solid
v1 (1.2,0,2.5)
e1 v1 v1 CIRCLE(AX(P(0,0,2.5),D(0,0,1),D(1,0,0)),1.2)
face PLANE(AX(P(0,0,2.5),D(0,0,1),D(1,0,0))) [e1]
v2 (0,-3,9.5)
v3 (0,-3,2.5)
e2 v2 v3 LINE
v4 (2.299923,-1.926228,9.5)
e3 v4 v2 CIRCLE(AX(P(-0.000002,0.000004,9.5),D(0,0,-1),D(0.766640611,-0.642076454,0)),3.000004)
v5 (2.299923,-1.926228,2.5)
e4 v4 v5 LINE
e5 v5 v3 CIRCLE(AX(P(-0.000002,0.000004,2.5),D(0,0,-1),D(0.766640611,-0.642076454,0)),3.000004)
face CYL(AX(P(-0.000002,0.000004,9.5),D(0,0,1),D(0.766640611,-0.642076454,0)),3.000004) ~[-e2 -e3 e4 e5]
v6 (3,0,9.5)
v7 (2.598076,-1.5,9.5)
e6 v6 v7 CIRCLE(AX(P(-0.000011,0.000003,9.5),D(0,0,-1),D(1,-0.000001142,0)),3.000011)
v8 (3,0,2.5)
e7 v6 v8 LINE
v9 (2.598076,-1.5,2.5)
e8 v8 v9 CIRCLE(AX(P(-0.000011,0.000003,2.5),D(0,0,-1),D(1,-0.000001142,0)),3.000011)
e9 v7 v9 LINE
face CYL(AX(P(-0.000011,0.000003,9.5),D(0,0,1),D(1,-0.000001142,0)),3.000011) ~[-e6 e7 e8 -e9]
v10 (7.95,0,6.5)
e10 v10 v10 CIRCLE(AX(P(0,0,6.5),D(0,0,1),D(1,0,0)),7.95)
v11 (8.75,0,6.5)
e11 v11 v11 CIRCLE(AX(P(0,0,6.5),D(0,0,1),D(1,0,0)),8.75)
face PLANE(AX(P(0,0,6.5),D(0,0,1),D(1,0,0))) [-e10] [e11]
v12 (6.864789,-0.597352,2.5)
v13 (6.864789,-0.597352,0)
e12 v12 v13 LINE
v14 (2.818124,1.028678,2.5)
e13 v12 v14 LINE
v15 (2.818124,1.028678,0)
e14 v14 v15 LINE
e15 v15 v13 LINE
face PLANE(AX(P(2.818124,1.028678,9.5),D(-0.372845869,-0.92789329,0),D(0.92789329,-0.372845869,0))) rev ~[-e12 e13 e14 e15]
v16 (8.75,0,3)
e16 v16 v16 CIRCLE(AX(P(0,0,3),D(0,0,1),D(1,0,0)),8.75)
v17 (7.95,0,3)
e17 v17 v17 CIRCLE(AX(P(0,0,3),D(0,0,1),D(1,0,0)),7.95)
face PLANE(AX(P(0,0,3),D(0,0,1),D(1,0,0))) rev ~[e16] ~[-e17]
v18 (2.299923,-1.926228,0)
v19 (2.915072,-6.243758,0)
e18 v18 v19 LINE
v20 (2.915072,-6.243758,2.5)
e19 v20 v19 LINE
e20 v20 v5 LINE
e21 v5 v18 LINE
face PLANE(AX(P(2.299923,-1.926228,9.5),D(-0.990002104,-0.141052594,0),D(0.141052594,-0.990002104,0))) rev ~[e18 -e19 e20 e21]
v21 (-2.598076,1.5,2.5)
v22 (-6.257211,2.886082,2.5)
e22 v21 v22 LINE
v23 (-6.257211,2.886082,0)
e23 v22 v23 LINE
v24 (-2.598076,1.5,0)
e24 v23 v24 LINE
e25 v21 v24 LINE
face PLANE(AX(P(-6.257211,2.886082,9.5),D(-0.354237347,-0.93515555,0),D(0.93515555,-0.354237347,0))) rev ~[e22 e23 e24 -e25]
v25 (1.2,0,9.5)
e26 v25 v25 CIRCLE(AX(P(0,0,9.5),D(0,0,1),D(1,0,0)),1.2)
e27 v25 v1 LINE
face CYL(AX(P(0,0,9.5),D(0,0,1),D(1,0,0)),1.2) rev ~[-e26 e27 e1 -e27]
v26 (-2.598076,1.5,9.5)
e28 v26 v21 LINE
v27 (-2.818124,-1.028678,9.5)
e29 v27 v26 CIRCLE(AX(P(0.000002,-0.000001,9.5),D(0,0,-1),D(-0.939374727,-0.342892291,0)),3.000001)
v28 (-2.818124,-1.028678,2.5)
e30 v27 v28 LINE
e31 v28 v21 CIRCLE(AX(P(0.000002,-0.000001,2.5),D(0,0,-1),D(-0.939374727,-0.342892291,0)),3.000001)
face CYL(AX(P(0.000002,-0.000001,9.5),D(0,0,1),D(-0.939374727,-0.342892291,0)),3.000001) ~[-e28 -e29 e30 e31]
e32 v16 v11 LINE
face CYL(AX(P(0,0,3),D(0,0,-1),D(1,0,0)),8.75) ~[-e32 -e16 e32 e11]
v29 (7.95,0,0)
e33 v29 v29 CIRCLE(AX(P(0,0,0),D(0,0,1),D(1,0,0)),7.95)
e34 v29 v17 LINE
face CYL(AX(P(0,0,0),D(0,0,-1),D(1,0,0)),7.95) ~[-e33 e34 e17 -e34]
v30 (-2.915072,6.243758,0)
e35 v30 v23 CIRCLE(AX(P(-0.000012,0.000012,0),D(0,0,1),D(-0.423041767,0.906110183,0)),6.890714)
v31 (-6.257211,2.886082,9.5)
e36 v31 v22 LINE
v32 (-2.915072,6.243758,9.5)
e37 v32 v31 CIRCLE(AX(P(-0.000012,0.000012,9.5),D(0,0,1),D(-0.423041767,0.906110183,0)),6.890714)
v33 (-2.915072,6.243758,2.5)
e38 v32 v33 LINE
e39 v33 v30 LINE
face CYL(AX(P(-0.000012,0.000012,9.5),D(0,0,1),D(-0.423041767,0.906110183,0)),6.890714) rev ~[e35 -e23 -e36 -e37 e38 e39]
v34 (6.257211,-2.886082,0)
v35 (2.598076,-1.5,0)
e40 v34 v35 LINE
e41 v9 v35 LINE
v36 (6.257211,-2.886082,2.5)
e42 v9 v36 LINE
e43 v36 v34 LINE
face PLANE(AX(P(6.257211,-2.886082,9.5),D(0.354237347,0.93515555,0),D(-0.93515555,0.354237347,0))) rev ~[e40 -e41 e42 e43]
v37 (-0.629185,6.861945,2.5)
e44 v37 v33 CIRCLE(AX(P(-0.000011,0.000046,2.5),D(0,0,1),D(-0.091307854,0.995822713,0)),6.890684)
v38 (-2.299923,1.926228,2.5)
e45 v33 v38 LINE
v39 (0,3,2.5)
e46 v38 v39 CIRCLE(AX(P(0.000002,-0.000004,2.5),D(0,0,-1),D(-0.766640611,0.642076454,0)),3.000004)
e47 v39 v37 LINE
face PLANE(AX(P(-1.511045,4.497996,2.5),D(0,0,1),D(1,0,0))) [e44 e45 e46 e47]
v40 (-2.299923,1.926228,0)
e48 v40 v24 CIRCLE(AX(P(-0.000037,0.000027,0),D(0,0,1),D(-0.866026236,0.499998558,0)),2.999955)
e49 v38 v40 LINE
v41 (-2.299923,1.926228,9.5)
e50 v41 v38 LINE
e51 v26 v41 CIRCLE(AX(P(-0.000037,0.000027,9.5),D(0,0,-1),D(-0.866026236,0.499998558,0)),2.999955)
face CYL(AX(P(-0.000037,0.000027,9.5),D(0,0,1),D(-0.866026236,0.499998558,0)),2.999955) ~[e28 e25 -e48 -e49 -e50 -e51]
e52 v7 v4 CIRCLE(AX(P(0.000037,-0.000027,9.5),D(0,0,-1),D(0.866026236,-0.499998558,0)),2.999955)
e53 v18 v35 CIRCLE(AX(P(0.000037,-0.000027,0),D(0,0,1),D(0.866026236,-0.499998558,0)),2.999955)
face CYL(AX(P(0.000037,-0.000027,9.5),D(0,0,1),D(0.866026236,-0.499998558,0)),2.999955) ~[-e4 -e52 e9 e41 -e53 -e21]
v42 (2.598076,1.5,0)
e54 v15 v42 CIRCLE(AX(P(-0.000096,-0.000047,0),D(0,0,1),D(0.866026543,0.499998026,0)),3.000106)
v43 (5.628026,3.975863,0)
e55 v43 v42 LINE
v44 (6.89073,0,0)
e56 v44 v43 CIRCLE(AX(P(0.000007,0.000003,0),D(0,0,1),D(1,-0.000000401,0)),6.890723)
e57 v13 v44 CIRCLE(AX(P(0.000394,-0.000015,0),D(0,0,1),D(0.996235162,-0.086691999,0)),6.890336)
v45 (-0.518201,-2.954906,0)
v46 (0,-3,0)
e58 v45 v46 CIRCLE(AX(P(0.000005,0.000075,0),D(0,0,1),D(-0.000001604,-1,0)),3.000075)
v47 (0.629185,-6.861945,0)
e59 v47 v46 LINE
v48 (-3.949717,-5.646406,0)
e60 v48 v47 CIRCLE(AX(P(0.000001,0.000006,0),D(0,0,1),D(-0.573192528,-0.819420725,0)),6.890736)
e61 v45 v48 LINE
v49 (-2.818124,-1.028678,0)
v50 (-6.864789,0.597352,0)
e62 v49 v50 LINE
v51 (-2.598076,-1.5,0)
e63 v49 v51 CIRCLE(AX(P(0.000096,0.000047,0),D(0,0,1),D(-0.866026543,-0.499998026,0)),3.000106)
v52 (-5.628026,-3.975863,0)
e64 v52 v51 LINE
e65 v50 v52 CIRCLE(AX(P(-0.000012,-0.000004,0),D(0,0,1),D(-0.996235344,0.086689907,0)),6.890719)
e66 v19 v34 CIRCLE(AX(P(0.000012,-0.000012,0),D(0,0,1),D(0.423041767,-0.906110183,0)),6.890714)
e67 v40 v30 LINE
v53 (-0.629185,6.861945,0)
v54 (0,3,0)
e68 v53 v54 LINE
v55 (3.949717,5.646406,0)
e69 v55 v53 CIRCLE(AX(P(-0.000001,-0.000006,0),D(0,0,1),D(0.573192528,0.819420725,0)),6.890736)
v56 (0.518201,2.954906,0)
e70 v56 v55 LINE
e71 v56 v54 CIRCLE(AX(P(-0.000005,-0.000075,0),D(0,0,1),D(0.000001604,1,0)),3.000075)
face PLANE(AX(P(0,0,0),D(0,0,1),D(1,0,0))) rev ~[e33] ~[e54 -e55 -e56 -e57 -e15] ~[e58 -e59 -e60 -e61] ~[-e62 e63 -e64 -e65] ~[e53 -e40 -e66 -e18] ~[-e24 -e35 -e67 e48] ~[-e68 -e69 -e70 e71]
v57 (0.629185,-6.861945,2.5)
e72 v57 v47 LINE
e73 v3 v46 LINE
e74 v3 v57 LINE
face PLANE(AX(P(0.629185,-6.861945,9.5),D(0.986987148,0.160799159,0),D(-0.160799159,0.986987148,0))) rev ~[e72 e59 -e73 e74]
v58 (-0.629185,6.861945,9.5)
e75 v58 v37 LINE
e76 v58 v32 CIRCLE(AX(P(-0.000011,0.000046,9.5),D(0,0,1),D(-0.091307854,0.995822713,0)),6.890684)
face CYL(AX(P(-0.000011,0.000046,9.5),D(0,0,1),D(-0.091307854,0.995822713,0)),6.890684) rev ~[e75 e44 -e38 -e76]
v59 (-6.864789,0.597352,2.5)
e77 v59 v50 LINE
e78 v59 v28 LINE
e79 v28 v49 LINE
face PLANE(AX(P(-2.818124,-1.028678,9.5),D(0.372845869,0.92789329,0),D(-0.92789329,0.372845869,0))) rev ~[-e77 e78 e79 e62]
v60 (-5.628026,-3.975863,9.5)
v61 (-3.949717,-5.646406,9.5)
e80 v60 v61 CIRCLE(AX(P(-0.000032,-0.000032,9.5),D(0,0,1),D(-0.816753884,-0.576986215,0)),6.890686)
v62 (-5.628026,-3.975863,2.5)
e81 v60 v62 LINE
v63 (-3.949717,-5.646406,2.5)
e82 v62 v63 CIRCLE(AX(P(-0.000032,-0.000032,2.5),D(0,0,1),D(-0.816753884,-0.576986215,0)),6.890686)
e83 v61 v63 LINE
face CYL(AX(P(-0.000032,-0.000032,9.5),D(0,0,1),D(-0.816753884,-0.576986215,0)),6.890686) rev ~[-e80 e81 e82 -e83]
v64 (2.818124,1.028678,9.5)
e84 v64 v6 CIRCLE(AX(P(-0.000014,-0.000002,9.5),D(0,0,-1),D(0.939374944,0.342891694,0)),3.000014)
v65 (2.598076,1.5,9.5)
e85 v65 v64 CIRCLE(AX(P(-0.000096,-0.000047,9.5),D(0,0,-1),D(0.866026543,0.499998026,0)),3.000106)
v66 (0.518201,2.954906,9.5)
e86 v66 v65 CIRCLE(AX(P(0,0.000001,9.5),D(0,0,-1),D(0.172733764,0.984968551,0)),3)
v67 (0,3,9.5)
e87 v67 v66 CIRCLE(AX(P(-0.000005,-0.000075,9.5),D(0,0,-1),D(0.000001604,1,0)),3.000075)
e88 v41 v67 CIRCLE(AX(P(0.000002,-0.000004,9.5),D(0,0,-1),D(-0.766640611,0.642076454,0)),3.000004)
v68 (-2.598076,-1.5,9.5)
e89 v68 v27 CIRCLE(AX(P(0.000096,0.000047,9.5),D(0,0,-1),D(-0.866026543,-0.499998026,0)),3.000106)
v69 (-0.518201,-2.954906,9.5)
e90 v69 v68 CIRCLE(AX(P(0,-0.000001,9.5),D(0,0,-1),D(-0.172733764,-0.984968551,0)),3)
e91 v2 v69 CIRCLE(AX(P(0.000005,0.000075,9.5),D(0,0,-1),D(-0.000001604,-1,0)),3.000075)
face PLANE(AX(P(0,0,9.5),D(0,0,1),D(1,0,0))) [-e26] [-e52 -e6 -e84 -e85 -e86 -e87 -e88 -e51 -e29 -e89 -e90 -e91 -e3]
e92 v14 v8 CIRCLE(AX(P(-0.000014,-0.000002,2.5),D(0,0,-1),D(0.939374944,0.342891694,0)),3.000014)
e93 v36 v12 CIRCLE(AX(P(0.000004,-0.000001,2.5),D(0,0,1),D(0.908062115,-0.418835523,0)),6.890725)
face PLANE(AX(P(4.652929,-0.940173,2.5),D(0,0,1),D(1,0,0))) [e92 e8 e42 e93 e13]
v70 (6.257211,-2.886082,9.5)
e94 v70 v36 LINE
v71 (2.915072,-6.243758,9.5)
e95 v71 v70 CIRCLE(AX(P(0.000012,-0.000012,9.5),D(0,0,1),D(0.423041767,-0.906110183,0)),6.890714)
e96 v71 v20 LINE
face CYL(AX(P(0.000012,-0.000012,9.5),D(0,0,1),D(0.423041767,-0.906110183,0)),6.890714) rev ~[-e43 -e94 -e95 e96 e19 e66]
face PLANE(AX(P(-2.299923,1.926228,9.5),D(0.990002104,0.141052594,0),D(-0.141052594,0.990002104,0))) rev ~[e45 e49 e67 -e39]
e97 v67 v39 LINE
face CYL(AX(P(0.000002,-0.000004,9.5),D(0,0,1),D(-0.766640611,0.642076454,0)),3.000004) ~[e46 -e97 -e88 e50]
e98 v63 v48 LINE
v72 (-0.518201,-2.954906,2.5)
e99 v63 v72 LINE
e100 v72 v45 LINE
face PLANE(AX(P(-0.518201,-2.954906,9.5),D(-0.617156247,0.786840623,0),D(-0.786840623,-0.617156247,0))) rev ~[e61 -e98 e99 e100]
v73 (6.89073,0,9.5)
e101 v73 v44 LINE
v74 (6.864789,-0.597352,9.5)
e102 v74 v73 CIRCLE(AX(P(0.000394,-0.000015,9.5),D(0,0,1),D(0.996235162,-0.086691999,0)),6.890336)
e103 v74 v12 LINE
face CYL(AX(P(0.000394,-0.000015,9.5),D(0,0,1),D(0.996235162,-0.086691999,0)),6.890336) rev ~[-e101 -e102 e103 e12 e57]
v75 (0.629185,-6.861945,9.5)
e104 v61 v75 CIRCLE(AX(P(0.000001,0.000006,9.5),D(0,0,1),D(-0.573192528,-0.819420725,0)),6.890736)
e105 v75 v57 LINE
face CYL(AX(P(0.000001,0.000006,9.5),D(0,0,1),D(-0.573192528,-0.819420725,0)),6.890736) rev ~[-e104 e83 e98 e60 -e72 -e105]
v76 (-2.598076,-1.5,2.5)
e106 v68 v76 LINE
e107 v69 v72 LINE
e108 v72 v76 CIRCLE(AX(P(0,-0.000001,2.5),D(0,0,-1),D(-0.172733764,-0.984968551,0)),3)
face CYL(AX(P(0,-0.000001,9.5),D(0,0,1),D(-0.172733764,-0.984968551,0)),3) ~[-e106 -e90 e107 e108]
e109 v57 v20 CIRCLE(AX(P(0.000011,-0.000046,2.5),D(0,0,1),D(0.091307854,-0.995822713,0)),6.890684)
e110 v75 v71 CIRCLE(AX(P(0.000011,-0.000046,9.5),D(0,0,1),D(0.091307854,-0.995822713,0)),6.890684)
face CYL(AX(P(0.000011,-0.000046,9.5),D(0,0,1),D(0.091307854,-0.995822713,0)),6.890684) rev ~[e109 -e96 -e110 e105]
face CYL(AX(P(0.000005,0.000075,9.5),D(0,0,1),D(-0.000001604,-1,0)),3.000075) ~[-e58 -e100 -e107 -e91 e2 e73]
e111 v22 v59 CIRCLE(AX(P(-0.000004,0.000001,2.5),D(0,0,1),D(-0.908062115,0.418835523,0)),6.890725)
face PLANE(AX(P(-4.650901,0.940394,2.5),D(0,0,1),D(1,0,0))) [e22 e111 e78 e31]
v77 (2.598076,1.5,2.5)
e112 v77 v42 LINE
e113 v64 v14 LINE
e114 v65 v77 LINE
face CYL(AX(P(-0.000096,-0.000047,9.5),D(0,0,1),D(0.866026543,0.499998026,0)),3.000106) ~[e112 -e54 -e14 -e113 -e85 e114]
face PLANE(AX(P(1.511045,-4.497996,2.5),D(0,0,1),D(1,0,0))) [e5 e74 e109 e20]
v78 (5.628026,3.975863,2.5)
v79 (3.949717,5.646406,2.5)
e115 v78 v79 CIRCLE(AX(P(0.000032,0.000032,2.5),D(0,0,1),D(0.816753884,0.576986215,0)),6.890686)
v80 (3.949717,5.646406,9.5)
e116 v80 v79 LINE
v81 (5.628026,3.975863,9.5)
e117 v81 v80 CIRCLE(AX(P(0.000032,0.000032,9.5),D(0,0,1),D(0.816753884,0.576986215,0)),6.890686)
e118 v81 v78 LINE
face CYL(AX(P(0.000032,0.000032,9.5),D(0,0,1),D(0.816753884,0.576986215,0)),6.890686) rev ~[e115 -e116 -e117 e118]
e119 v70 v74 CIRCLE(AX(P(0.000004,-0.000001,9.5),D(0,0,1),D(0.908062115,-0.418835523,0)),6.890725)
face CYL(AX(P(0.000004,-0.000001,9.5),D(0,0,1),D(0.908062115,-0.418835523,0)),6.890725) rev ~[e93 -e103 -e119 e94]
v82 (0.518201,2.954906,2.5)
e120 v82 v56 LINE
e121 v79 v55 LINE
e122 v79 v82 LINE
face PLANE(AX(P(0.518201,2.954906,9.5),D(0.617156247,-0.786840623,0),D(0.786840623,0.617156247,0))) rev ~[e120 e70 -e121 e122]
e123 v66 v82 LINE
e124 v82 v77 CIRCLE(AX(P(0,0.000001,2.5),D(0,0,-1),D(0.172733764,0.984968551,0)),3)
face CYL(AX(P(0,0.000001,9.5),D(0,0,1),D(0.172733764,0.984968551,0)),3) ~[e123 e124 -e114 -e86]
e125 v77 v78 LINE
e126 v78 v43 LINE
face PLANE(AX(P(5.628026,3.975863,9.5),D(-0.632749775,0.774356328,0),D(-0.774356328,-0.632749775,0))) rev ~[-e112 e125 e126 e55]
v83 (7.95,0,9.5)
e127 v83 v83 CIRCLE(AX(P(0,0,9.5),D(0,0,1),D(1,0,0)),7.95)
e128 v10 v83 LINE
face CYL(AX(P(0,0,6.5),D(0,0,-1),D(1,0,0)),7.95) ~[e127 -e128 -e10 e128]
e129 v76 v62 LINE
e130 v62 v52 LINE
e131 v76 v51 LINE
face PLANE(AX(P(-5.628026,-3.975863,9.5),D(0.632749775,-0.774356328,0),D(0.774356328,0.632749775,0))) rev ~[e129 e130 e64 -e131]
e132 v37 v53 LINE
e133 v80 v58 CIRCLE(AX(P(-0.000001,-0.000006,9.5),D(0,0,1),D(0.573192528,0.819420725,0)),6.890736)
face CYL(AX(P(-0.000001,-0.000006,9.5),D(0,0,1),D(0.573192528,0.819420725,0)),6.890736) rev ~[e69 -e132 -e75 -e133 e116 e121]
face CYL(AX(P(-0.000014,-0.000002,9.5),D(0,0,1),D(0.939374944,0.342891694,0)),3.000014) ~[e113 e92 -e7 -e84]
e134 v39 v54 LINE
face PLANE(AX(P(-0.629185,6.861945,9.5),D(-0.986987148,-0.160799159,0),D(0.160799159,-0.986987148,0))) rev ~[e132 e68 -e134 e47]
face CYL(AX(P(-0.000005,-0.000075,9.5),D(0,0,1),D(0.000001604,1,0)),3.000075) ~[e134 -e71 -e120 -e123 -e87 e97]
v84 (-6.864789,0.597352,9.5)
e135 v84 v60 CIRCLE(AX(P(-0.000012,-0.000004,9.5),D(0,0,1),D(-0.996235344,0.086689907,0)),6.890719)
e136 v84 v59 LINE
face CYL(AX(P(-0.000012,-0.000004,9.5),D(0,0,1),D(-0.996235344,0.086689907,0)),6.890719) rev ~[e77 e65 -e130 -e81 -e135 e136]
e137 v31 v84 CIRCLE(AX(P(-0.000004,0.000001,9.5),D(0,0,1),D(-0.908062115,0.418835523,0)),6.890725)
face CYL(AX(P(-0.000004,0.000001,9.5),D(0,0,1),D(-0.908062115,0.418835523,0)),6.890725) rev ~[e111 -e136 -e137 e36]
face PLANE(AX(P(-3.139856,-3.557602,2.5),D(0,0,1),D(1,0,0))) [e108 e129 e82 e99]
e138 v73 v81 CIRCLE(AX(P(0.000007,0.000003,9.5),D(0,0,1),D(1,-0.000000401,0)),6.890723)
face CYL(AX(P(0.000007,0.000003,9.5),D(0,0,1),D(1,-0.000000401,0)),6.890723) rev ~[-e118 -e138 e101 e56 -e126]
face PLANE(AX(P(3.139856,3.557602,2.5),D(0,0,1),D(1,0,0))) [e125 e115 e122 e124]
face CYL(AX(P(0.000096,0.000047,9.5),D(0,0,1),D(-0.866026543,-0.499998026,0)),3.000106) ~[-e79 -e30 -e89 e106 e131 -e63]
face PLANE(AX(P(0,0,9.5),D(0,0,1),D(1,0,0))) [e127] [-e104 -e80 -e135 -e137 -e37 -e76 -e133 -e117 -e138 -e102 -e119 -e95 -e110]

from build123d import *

# Parameters (mm, degrees)
F0_R     = 7.95
F1_DEPTH = 3
F2_R     = 8.75
F3_DEPTH = 3.5
F4_R     = 7.95
F5_DEPTH = 3
F7_DEPTH = 25
F6_R     = 1.2
F8_DEPTH = 7


with BuildPart() as f1:
    # F0 (on Top) → F1 (new body)
    with BuildSketch(Plane.XY):
        Circle(F0_R)
    extrude(amount=F1_DEPTH)

    # F2 (on face) → F3 (join)
    with BuildSketch(Plane.XY.offset(3)):
        Circle(F2_R)
    extrude(amount=F3_DEPTH)

    # F4 (on face) → F5 (join)
    with BuildSketch(Plane.XY.offset(6.5)):
        Circle(F4_R)
    extrude(amount=F5_DEPTH)

    # F6 (on face) → F7 (cut)
    with BuildSketch(Plane.XY.offset(9.5)):
        with BuildLine():
            ThreePointArc((-2.598076, 1.5), (-2.458255, 1.719588), (-2.299923, 1.926228))
            Line((-2.299923, 1.926228), (-2.915072, 6.243758))
            ThreePointArc((-2.915072, 6.243758), (-4.883769, 4.86117), (-6.257211, 2.886082))
            Line((-6.257211, 2.886082), (-2.598076, 1.5))
        make_face()
        with BuildLine():
            ThreePointArc((0, 3), (0.26008, 2.988705), (0.518201, 2.954906))
            Line((0.518201, 2.954906), (3.949717, 5.646406))
            ThreePointArc((3.949717, 5.646406), (1.768012, 6.660052), (-0.629185, 6.861945))
            Line((-0.629185, 6.861945), (0, 3))
        make_face()
        with BuildLine():
            ThreePointArc((2.598076, 1.5), (2.718334, 1.269117), (2.818124, 1.028678))
            Line((2.818124, 1.028678), (6.864789, -0.597352))
            ThreePointArc((6.864789, -0.597352), (6.884242, -0.298958), (6.89073, 0))
            ThreePointArc((6.89073, 0), (6.567472, 2.08578), (5.628026, 3.975863))
            Line((5.628026, 3.975863), (2.598076, 1.5))
        make_face()
        with BuildLine():
            Line((6.257211, -2.886082), (2.598076, -1.5))
            ThreePointArc((2.598076, -1.5), (2.458255, -1.719588), (2.299923, -1.926228))
            Line((2.299923, -1.926228), (2.915072, -6.243758))
            ThreePointArc((2.915072, -6.243758), (4.883769, -4.86117), (6.257211, -2.886082))
        make_face()
        with BuildLine():
            Line((0.629185, -6.861945), (0, -3))
            ThreePointArc((0, -3), (-0.26008, -2.988705), (-0.518201, -2.954906))
            Line((-0.518201, -2.954906), (-3.949717, -5.646406))
            ThreePointArc((-3.949717, -5.646406), (-1.768012, -6.660052), (0.629185, -6.861945))
        make_face()
        with BuildLine():
            Line((-5.628026, -3.975863), (-2.598076, -1.5))
            ThreePointArc((-2.598076, -1.5), (-2.718334, -1.269117), (-2.818124, -1.028678))
            Line((-2.818124, -1.028678), (-6.864789, 0.597352))
            ThreePointArc((-6.864789, 0.597352), (-6.651781, -1.798883), (-5.628026, -3.975863))
        make_face()
    extrude(amount=-F7_DEPTH, mode=Mode.SUBTRACT)

    # F6 (on face) → F8 (cut)
    with BuildSketch(Plane.XY.offset(9.5)):
        Circle(F6_R)
        with BuildLine():
            ThreePointArc((-2.818124, -1.028678), (-2.988705, 0.26008), (-2.598076, 1.5))
            Line((-2.598076, 1.5), (-6.257211, 2.886082))
            ThreePointArc((-6.257211, 2.886082), (-6.660052, 1.768012), (-6.864789, 0.597352))
            Line((-6.864789, 0.597352), (-2.818124, -1.028678))
        make_face()
        with BuildLine():
            ThreePointArc((-2.299923, 1.926228), (-1.269117, 2.718334), (0, 3))
            Line((0, 3), (-0.629185, 6.861945))
            ThreePointArc((-0.629185, 6.861945), (-1.798883, 6.651781), (-2.915072, 6.243758))
            Line((-2.915072, 6.243758), (-2.299923, 1.926228))
        make_face()
        with BuildLine():
            ThreePointArc((0.518201, 2.954906), (1.719588, 2.458255), (2.598076, 1.5))
            Line((2.598076, 1.5), (5.628026, 3.975863))
            ThreePointArc((5.628026, 3.975863), (4.86117, 4.883769), (3.949717, 5.646406))
            Line((3.949717, 5.646406), (0.518201, 2.954906))
        make_face()
        with BuildLine():
            ThreePointArc((2.818124, 1.028678), (2.954181, 0.522316), (3, 0))
            ThreePointArc((3, 0), (2.897777, -0.776457), (2.598076, -1.5))
            Line((2.598076, -1.5), (6.257211, -2.886082))
            ThreePointArc((6.257211, -2.886082), (6.660052, -1.768012), (6.864789, -0.597352))
            Line((6.864789, -0.597352), (2.818124, 1.028678))
        make_face()
        with BuildLine():
            Line((2.915072, -6.243758), (2.299923, -1.926228))
            ThreePointArc((2.299923, -1.926228), (1.269117, -2.718334), (0, -3))
            Line((0, -3), (0.629185, -6.861945))
            ThreePointArc((0.629185, -6.861945), (1.798883, -6.651781), (2.915072, -6.243758))
        make_face()
        with BuildLine():
            Line((-3.949717, -5.646406), (-0.518201, -2.954906))
            ThreePointArc((-0.518201, -2.954906), (-1.719588, -2.458255), (-2.598076, -1.5))
            Line((-2.598076, -1.5), (-5.628026, -3.975863))
            ThreePointArc((-5.628026, -3.975863), (-4.86117, -4.883769), (-3.949717, -5.646406))
        make_face()
    extrude(amount=-F8_DEPTH, mode=Mode.SUBTRACT)


solid = f1.part
